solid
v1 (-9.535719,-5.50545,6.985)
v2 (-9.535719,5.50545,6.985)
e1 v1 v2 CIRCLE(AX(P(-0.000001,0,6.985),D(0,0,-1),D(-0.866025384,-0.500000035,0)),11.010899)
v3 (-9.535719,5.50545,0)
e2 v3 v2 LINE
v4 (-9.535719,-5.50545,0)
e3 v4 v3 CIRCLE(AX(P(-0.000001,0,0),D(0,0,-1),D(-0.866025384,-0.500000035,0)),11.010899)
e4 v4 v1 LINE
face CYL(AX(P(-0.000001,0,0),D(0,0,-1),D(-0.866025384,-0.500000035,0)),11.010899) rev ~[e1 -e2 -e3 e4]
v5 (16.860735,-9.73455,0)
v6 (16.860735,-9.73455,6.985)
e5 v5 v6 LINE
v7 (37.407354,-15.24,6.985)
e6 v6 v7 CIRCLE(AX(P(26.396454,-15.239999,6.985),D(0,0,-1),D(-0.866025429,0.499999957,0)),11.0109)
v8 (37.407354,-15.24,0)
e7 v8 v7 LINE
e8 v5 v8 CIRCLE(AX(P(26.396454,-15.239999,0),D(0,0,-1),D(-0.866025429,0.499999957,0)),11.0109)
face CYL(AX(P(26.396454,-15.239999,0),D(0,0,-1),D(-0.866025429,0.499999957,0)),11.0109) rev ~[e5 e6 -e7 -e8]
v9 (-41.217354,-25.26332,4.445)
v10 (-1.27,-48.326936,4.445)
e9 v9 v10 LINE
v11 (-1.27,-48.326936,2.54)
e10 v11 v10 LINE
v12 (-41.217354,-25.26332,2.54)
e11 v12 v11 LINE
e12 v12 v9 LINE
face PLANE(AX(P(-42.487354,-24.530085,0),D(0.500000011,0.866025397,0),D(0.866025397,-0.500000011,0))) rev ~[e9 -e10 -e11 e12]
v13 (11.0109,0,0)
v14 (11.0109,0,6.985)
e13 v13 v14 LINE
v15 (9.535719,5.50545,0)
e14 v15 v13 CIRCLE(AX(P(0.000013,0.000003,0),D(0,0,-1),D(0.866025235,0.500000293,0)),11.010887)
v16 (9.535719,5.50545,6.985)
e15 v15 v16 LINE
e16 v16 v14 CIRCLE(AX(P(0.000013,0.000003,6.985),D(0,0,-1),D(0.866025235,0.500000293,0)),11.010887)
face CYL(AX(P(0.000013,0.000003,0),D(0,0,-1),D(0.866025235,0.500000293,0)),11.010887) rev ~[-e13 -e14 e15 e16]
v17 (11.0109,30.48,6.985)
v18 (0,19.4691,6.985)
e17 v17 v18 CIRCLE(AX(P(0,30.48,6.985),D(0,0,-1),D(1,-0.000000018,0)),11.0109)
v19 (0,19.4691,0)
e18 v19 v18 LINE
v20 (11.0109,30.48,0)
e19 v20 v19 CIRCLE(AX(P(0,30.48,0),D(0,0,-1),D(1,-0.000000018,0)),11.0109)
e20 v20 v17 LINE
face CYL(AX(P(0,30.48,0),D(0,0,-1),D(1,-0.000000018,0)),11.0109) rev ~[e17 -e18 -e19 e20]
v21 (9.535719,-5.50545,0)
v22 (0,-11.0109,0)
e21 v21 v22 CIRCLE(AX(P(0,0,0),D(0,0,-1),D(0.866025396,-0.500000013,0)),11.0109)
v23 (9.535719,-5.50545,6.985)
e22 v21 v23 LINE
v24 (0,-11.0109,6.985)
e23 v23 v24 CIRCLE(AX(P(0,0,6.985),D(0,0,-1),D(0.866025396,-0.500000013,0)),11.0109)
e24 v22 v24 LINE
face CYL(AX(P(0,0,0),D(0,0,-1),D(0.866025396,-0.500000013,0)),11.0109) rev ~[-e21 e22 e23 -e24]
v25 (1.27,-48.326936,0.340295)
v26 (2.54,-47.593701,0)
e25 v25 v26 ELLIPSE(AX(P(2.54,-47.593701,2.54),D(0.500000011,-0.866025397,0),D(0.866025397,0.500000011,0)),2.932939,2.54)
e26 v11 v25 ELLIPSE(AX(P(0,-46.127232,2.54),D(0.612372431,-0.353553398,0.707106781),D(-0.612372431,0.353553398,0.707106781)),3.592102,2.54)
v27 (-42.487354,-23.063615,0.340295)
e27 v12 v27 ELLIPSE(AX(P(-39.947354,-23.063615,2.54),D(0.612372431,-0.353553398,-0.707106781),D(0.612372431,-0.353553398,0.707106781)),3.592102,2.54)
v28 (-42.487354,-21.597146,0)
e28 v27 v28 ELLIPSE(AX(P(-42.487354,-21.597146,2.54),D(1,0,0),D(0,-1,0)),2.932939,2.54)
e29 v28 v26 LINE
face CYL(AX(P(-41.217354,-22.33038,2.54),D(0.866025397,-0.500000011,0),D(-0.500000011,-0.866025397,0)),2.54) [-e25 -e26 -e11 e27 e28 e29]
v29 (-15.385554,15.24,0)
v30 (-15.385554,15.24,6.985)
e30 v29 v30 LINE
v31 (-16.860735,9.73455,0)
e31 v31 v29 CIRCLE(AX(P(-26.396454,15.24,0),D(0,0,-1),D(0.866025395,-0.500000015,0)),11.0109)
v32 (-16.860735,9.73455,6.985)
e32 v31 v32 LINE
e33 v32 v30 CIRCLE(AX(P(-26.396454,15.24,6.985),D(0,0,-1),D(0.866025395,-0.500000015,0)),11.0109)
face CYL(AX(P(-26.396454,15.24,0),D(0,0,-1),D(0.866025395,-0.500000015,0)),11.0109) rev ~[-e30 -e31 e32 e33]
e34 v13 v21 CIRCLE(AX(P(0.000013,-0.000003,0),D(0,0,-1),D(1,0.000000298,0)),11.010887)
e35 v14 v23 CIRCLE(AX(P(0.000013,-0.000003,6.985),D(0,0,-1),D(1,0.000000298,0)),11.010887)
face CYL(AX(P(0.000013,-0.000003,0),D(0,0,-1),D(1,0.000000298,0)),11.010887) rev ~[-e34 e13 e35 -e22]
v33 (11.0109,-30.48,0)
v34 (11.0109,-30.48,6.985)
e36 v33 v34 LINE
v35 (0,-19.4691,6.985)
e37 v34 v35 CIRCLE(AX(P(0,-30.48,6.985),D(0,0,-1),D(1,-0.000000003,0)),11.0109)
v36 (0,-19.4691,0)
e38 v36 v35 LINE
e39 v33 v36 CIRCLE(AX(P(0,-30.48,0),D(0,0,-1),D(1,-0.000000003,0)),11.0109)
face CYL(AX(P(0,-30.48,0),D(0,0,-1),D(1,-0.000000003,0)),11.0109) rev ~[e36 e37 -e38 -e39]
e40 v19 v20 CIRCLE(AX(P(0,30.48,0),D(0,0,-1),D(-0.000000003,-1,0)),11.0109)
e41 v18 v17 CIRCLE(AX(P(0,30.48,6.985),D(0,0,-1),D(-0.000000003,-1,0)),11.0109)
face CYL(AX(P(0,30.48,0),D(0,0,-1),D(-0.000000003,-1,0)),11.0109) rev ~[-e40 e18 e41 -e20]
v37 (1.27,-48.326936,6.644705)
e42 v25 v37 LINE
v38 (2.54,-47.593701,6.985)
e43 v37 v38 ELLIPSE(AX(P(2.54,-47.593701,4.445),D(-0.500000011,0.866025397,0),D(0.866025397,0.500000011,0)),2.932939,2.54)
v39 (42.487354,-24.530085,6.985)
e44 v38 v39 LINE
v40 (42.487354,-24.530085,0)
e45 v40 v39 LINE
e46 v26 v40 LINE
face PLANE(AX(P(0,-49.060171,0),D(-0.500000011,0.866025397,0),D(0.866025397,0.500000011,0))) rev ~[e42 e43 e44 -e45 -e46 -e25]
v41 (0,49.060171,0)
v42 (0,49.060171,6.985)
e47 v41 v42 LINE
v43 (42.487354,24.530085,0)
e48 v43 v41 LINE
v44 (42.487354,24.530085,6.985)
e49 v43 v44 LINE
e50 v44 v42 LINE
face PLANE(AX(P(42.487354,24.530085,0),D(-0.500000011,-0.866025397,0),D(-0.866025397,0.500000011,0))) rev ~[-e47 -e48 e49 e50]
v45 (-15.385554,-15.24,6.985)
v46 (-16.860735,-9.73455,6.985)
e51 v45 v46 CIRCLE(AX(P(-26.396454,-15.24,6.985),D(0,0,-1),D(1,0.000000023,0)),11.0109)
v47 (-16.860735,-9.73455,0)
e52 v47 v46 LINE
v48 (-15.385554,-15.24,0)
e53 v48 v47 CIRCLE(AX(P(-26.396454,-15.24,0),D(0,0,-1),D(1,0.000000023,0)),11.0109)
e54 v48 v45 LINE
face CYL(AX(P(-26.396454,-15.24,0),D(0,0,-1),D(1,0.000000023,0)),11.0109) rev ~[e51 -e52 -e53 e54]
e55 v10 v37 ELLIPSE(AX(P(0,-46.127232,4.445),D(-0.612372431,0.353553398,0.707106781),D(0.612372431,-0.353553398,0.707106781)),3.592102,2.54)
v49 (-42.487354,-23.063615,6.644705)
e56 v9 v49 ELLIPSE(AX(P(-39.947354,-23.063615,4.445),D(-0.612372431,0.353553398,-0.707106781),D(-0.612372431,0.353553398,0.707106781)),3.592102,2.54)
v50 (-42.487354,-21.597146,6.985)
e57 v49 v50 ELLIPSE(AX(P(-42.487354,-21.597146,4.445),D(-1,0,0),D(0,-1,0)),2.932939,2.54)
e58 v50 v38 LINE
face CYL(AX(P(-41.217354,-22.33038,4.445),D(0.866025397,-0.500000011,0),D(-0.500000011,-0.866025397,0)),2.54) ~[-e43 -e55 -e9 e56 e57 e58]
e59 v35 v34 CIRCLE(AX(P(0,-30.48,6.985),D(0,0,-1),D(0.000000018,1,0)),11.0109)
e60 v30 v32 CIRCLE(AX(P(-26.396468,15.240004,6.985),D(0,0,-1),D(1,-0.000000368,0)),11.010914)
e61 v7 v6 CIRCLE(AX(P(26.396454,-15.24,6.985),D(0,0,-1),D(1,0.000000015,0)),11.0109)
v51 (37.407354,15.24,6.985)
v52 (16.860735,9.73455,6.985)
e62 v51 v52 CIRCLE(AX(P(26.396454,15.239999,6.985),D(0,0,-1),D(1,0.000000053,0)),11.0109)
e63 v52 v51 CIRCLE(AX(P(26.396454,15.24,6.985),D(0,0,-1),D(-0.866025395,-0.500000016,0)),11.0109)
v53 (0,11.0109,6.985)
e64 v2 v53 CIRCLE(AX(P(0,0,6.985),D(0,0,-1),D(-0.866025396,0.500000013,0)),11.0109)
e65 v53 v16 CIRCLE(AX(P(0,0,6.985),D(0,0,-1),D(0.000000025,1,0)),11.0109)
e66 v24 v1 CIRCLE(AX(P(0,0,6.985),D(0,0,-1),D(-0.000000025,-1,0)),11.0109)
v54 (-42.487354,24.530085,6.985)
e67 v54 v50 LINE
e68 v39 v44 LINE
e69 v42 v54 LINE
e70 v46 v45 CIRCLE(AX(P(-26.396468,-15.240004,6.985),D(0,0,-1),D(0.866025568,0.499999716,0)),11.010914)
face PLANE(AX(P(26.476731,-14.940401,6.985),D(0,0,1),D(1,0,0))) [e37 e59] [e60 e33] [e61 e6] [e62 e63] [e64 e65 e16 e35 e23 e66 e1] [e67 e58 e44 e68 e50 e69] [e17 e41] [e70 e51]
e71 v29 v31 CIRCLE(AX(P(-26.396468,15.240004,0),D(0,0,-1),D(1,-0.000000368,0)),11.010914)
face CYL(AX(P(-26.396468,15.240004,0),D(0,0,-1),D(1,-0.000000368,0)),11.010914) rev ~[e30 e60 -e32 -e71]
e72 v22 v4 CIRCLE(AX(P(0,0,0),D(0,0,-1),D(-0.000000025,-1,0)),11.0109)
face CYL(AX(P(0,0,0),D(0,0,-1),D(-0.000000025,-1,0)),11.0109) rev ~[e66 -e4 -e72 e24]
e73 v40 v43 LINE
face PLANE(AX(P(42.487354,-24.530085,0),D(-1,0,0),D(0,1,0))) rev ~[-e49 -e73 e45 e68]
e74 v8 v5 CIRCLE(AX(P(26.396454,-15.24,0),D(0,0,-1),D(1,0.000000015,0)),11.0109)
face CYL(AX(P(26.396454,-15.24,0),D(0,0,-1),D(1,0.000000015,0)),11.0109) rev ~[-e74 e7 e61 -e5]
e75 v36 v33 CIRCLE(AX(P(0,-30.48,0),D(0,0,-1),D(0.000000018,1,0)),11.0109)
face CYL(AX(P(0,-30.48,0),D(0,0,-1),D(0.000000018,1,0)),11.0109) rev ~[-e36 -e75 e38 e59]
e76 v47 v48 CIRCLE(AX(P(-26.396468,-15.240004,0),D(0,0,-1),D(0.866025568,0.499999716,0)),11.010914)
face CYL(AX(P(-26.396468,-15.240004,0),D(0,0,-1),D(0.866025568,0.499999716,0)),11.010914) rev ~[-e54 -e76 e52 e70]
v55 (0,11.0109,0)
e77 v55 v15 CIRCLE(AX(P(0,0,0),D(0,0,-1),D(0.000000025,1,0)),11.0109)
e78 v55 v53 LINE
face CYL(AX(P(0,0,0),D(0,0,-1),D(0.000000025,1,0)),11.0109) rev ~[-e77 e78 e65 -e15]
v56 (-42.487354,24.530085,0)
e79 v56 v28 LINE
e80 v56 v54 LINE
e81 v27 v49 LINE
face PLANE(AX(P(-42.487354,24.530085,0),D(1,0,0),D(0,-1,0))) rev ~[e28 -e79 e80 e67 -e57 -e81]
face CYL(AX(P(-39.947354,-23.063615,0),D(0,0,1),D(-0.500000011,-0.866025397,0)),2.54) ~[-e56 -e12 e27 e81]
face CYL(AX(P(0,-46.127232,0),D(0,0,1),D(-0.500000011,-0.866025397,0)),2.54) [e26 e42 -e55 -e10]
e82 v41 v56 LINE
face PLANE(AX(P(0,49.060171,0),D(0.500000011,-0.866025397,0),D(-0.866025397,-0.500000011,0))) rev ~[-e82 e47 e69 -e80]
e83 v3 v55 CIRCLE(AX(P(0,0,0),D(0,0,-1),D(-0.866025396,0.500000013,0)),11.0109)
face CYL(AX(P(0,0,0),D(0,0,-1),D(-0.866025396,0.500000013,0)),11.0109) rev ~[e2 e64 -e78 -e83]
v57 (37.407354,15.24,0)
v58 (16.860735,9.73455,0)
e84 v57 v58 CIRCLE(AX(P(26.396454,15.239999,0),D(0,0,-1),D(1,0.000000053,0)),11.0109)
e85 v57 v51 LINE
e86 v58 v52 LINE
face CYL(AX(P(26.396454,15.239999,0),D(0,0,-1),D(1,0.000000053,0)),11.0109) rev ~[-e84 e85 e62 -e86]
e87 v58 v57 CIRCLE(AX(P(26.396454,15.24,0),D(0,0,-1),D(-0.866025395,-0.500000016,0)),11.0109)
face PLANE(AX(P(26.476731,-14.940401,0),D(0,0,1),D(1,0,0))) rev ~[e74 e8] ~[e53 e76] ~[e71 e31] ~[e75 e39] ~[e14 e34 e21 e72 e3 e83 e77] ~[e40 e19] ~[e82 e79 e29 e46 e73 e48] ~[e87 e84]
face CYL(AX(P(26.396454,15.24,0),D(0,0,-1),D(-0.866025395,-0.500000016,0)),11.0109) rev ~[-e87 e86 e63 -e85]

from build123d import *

# Parameters (mm, degrees)
F1_DEPTH = 6.985
F2_R     = 2.54


with BuildPart() as f1:
    # F0 (on Top) → F1 (new body)
    with BuildSketch(Plane.XY):
        with BuildLine():
            ThreePointArc((37.407354, -15.24), (29.246285, -4.604287), (16.860735, -9.73455))
            ThreePointArc((16.860735, -9.73455), (23.546624, -25.875713), (37.407354, -15.24))
        make_face()
        with BuildLine():
            ThreePointArc((11.0109, -30.48), (7.785882, -22.694118), (0, -19.4691))
            ThreePointArc((0, -19.4691), (-7.785882, -38.265882), (11.0109, -30.48))
        make_face()
        with BuildLine():
            ThreePointArc((-15.385554, -15.24), (-15.760742, -12.390169), (-16.860735, -9.73455))
            ThreePointArc((-16.860735, -9.73455), (-37.032167, -18.089831), (-15.385554, -15.24))
        make_face()
        with BuildLine():
            ThreePointArc((-15.385554, 15.24), (-37.032167, 18.089831), (-16.860735, 9.73455))
            ThreePointArc((-16.860735, 9.73455), (-15.760742, 12.390169), (-15.385554, 15.24))
        make_face()
        with BuildLine():
            ThreePointArc((11.0109, 30.48), (-7.785882, 38.265882), (0, 19.4691))
            ThreePointArc((0, 19.4691), (7.785882, 22.694118), (11.0109, 30.48))
        make_face()
        with BuildLine():
            ThreePointArc((37.407354, 15.24), (23.546624, 25.875713), (16.860735, 9.73455))
            ThreePointArc((16.860735, 9.73455), (29.246285, 4.604287), (37.407354, 15.24))
        make_face()
        Polygon((-42.487354, -24.530085), (0, -49.060171), (42.487354, -24.530085), (42.487354, 24.530085), (0, 49.060171), (-42.487354, 24.530085), align=None)
        with BuildLine():
            ThreePointArc((-15.385554, -15.24), (-37.032167, -18.089831), (-16.860735, -9.73455))
            ThreePointArc((-16.860735, -9.73455), (-15.760742, -12.390169), (-15.385554, -15.24))
        make_face(mode=Mode.SUBTRACT)
        with BuildLine():
            ThreePointArc((11.0109, -30.48), (-7.785882, -38.265882), (0, -19.4691))
            ThreePointArc((0, -19.4691), (7.785882, -22.694118), (11.0109, -30.48))
        make_face(mode=Mode.SUBTRACT)
        with BuildLine():
            ThreePointArc((9.535719, 5.50545), (10.635713, 2.849831), (11.0109, 0))
            ThreePointArc((11.0109, 0), (10.635713, -2.849831), (9.535719, -5.50545))
            ThreePointArc((9.535719, -5.50545), (5.50545, -9.535719), (0, -11.0109))
            ThreePointArc((0, -11.0109), (-5.50545, -9.535719), (-9.535719, -5.50545))
            ThreePointArc((-9.535719, -5.50545), (-11.0109, 0), (-9.535719, 5.50545))
            ThreePointArc((-9.535719, 5.50545), (-5.50545, 9.535719), (0, 11.0109))
            ThreePointArc((0, 11.0109), (5.50545, 9.535719), (9.535719, 5.50545))
        make_face(mode=Mode.SUBTRACT)
        with BuildLine():
            ThreePointArc((37.407354, -15.24), (23.546624, -25.875713), (16.860735, -9.73455))
            ThreePointArc((16.860735, -9.73455), (29.246285, -4.604287), (37.407354, -15.24))
        make_face(mode=Mode.SUBTRACT)
        with BuildLine():
            ThreePointArc((-15.385554, 15.24), (-15.760742, 12.390169), (-16.860735, 9.73455))
            ThreePointArc((-16.860735, 9.73455), (-37.032167, 18.089831), (-15.385554, 15.24))
        make_face(mode=Mode.SUBTRACT)
        with BuildLine():
            ThreePointArc((37.407354, 15.24), (29.246285, 4.604287), (16.860735, 9.73455))
            ThreePointArc((16.860735, 9.73455), (23.546624, 25.875713), (37.407354, 15.24))
        make_face(mode=Mode.SUBTRACT)
        with BuildLine():
            ThreePointArc((11.0109, 30.48), (7.785882, 22.694118), (0, 19.4691))
            ThreePointArc((0, 19.4691), (-7.785882, 38.265882), (11.0109, 30.48))
        make_face(mode=Mode.SUBTRACT)
    extrude(amount=F1_DEPTH)

    # F2
    f2_edges = [f1.edges().sort_by_distance(p)[0] for p in [
        (-42.487354, -24.530085, 3.4925),
        (0, -49.060171, 3.4925),
        (-21.243677, -36.795128, 0),
        (-21.243677, -36.795128, 6.985),
    ]]
    fillet(f2_edges, radius=F2_R)


solid = f1.part
